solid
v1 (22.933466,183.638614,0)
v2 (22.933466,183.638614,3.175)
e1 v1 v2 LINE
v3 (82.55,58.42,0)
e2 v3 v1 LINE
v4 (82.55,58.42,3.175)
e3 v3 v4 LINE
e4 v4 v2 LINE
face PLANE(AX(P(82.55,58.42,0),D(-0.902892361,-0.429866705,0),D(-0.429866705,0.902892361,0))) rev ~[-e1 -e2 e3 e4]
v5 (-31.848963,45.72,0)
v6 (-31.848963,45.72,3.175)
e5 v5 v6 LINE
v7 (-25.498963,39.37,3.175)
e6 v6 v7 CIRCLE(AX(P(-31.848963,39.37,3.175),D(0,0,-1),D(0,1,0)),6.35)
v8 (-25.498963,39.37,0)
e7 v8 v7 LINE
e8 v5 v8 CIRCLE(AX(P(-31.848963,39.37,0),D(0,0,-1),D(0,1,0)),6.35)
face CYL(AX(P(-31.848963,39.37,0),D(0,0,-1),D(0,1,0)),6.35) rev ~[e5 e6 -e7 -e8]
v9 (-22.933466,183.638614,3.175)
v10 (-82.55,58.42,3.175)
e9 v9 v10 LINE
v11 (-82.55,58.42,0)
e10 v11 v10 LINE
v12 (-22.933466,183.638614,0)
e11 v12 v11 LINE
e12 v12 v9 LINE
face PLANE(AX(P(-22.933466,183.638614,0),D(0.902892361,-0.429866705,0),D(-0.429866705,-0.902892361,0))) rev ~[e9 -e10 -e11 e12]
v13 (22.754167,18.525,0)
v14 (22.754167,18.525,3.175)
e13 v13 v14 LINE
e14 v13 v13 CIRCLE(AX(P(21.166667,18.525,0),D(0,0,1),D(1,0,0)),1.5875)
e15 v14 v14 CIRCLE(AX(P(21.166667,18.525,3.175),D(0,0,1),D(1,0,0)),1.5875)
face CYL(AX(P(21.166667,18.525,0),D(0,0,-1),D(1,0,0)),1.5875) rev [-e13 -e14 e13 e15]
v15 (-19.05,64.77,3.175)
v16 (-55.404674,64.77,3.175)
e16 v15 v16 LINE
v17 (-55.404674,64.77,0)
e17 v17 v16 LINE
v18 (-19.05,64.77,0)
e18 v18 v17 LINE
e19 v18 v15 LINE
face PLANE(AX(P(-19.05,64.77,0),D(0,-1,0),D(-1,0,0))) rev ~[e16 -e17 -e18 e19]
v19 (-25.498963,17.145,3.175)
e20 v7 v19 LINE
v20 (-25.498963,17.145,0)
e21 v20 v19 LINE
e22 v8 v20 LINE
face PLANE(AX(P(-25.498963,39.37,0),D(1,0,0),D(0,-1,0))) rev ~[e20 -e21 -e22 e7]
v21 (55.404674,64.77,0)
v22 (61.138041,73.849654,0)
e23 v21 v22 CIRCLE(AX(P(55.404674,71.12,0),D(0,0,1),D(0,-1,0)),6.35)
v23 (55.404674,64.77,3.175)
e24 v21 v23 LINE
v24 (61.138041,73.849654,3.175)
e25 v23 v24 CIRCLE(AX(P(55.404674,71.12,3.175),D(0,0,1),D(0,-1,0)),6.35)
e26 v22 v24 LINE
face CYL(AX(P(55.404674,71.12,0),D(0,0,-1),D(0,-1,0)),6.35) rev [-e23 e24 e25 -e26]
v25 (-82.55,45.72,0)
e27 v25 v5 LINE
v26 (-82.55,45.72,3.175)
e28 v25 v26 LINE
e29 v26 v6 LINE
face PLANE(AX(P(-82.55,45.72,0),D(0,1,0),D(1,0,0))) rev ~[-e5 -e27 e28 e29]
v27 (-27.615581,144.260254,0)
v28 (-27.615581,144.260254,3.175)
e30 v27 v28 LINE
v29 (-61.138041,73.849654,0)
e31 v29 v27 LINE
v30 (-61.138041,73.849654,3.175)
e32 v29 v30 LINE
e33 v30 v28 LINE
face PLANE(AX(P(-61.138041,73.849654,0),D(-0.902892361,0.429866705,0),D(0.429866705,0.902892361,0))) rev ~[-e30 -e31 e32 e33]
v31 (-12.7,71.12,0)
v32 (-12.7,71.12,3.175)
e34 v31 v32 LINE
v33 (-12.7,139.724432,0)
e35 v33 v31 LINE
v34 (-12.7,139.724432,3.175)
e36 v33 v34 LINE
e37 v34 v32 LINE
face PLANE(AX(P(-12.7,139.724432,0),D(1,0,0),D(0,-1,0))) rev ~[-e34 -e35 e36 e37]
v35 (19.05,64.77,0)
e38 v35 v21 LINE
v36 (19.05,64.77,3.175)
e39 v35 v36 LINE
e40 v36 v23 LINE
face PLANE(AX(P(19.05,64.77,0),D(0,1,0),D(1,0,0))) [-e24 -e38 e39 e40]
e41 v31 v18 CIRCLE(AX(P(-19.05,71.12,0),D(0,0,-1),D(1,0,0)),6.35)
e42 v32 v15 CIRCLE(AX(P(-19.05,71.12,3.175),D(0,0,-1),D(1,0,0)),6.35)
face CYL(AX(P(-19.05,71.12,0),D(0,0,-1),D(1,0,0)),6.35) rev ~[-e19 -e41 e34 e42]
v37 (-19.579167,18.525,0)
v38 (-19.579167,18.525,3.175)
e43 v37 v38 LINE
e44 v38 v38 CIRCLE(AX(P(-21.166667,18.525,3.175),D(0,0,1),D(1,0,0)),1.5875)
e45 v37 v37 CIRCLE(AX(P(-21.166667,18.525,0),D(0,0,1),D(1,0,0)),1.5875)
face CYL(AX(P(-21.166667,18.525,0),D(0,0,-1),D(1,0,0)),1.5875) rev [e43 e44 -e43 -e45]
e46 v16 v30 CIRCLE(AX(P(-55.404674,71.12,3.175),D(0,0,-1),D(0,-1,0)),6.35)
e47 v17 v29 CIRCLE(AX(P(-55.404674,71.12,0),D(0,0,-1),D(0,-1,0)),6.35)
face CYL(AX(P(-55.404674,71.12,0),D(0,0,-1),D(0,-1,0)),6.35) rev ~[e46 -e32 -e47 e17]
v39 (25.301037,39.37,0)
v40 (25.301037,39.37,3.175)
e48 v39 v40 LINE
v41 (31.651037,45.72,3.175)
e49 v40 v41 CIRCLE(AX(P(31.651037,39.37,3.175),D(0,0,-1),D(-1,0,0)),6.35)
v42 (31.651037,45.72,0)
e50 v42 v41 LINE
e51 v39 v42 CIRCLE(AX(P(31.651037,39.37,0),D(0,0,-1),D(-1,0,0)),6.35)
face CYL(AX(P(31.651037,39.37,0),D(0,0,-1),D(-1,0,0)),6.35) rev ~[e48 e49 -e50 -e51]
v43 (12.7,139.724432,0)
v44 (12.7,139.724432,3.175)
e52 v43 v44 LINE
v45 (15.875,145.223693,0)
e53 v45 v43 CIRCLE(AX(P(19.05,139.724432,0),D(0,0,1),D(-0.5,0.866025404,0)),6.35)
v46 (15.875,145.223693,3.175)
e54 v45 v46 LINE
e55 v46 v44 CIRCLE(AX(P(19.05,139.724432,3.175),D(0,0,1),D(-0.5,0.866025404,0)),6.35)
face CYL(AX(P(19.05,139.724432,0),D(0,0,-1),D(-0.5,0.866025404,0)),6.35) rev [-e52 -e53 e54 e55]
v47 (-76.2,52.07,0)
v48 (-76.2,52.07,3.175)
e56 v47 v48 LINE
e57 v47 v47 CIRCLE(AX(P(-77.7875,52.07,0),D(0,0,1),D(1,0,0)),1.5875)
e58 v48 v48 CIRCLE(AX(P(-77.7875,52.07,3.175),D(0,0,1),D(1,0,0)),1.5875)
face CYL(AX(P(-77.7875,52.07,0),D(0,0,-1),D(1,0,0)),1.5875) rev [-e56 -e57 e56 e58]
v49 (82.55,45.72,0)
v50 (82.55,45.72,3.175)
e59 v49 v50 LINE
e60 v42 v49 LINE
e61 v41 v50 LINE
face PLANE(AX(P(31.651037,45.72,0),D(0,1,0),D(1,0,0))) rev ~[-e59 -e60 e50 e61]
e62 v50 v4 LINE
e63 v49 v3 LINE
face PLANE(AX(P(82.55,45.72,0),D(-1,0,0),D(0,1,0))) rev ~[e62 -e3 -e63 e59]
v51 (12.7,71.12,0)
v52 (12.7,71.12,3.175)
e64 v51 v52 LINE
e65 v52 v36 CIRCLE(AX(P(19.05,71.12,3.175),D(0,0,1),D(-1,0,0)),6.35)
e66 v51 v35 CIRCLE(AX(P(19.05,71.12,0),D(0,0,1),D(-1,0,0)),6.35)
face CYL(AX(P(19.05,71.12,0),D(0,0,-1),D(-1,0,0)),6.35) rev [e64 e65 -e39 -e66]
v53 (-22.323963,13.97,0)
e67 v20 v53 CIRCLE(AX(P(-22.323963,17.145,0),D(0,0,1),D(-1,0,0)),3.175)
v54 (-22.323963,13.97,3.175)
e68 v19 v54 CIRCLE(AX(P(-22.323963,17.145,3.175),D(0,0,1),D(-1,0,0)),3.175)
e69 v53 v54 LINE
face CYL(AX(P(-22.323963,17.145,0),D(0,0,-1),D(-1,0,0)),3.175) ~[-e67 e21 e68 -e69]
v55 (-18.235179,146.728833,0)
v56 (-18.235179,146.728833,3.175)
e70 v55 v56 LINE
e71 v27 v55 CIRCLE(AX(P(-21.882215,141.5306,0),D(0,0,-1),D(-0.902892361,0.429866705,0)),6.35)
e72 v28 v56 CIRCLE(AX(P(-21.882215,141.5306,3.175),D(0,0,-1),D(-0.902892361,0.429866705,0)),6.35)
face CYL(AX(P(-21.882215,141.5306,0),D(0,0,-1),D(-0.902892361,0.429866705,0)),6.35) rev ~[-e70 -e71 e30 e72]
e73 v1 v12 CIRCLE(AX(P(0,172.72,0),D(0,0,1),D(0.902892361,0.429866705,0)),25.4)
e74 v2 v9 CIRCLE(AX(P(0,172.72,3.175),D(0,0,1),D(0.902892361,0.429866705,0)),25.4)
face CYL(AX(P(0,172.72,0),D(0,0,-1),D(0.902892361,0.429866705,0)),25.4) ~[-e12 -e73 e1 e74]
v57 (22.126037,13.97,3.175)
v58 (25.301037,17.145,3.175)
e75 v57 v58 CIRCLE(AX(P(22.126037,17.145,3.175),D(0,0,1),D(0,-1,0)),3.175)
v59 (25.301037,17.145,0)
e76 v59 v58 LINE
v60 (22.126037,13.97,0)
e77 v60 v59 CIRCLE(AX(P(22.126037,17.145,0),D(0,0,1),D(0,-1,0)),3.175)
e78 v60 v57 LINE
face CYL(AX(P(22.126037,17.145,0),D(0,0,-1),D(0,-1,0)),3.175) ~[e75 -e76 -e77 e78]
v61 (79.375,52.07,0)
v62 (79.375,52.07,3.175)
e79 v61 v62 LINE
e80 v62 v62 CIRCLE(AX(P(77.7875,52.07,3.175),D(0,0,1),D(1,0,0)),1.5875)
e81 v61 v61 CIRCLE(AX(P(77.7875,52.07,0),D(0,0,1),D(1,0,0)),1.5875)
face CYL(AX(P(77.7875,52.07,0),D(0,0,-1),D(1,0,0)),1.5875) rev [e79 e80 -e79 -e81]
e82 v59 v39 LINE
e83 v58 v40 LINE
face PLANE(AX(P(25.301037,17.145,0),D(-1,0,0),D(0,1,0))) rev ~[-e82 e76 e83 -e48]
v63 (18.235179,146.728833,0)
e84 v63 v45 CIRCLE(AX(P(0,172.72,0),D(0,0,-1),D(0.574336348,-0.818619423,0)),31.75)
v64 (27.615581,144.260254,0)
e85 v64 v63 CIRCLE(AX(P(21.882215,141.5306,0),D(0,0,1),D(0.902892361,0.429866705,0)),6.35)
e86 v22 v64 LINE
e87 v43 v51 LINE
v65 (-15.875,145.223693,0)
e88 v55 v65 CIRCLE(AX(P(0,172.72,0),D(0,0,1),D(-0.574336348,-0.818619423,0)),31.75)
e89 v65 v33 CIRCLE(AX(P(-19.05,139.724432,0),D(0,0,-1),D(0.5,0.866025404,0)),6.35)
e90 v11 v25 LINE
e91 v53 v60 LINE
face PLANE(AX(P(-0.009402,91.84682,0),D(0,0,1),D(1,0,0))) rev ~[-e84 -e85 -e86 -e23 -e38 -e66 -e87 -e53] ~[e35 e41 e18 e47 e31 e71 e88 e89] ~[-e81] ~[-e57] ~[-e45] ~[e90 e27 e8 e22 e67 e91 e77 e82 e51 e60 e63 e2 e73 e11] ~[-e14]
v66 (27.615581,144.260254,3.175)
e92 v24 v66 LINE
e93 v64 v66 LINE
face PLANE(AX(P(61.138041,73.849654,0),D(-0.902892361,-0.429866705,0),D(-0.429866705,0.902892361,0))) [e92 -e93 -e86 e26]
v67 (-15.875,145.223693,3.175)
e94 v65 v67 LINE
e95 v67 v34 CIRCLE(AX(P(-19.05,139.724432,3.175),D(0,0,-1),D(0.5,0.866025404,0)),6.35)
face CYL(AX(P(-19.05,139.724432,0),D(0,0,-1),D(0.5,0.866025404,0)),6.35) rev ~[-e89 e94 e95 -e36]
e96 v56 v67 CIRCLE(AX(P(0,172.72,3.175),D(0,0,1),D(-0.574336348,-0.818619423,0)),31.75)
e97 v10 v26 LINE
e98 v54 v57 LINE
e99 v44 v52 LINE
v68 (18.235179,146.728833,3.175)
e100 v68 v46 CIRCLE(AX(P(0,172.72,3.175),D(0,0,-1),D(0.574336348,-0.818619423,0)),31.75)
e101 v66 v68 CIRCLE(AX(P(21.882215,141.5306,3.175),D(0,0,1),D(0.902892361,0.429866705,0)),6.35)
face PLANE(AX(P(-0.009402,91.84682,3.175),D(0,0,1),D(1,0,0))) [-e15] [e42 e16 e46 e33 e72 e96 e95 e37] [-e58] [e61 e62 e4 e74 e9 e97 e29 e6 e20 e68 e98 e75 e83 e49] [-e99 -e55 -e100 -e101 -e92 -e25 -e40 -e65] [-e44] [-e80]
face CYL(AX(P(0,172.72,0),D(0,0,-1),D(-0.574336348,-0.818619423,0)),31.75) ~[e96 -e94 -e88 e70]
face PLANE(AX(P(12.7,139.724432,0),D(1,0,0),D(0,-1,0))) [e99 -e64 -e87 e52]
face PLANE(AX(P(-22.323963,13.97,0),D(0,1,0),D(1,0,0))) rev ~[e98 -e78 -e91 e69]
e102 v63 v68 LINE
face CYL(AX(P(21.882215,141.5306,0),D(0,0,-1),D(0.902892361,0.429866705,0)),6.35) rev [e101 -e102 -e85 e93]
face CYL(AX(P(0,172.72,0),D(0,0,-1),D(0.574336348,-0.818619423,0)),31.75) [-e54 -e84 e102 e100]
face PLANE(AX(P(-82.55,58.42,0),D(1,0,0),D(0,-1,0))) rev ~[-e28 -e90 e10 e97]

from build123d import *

# Parameters (mm, degrees)
SKETCH5_R           = 1.5875
BOSS_EXTRUDE2_DEPTH = 3.175


with BuildPart() as part:
    # Sketch5 → Boss-Extrude2 (new body)
    with BuildSketch(Plane.XY):
        with BuildLine():
            Line((-82.55, 58.42), (-82.55, 45.72))
            Line((-82.55, 45.72), (-31.848963051, 45.72))
            ThreePointArc((-31.848963051, 45.72), (-27.35883499, 43.860128061), (-25.498963051, 39.37))
            Line((-25.498963051, 39.37), (-25.498963051, 17.145))
            ThreePointArc((-25.498963051, 17.145), (-24.569027081, 14.89993597), (-22.323963051, 13.97))
            Line((-22.323963051, 13.97), (22.126036949, 13.97))
            ThreePointArc((22.126036949, 13.97), (24.37110098, 14.89993597), (25.301036949, 17.145))
            Line((25.301036949, 17.145), (25.301036949, 39.37))
            ThreePointArc((25.301036949, 39.37), (27.160908889, 43.860128061), (31.651036949, 45.72))
            Line((31.651036949, 45.72), (82.55, 45.72))
            Line((82.55, 45.72), (82.55, 58.42))
            Line((82.55, 58.42), (22.933465972, 183.638614313))
            ThreePointArc((22.933465972, 183.638614313), (0, 198.12), (-22.933465972, 183.638614313))
            Line((-22.933465972, 183.638614313), (-82.55, 58.42))
        make_face()
        with Locations((21.166666667, 18.525000034)):
            Circle(SKETCH5_R, mode=Mode.SUBTRACT)
        with Locations((-21.166666667, 18.525000034)):
            Circle(SKETCH5_R, mode=Mode.SUBTRACT)
        with Locations((-77.7875, 52.07)):
            Circle(SKETCH5_R, mode=Mode.SUBTRACT)
        with Locations((77.7875, 52.07)):
            Circle(SKETCH5_R, mode=Mode.SUBTRACT)
        with BuildLine():
            Line((-61.138040857, 73.849653578), (-27.615581335, 144.260253558))
            ThreePointArc((-27.615581335, 144.260253558), (-23.498279642, 147.671514779), (-18.235179035, 146.728833317))
            ThreePointArc((-18.235179035, 146.728833317), (-17.071685329, 145.950239821), (-15.875, 145.22369343))
            ThreePointArc((-15.875, 145.22369343), (-13.550738686, 142.899432116), (-12.7, 139.724432116))
            Line((-12.7, 139.724432116), (-12.7, 71.12))
            ThreePointArc((-12.7, 71.12), (-14.559871939, 66.629871939), (-19.05, 64.77))
            Line((-19.05, 64.77), (-55.404674364, 64.77))
            ThreePointArc((-55.404674364, 64.77), (-60.77383632, 67.729631305), (-61.138040857, 73.849653578))
        make_face(mode=Mode.SUBTRACT)
        with BuildLine():
            Line((61.138040857, 73.849653578), (27.615581335, 144.260253558))
            ThreePointArc((27.615581335, 144.260253558), (23.498279642, 147.671514779), (18.235179035, 146.728833317))
            ThreePointArc((18.235179035, 146.728833317), (17.071685329, 145.950239821), (15.875, 145.22369343))
            ThreePointArc((15.875, 145.22369343), (13.550738686, 142.899432116), (12.7, 139.724432116))
            Line((12.7, 139.724432116), (12.7, 71.12))
            ThreePointArc((12.7, 71.12), (14.559871939, 66.629871939), (19.05, 64.77))
            Line((19.05, 64.77), (55.404674364, 64.77))
            ThreePointArc((55.404674364, 64.77), (60.77383632, 67.729631305), (61.138040857, 73.849653578))
        make_face(mode=Mode.SUBTRACT)
    extrude(amount=BOSS_EXTRUDE2_DEPTH)


solid = part.part
